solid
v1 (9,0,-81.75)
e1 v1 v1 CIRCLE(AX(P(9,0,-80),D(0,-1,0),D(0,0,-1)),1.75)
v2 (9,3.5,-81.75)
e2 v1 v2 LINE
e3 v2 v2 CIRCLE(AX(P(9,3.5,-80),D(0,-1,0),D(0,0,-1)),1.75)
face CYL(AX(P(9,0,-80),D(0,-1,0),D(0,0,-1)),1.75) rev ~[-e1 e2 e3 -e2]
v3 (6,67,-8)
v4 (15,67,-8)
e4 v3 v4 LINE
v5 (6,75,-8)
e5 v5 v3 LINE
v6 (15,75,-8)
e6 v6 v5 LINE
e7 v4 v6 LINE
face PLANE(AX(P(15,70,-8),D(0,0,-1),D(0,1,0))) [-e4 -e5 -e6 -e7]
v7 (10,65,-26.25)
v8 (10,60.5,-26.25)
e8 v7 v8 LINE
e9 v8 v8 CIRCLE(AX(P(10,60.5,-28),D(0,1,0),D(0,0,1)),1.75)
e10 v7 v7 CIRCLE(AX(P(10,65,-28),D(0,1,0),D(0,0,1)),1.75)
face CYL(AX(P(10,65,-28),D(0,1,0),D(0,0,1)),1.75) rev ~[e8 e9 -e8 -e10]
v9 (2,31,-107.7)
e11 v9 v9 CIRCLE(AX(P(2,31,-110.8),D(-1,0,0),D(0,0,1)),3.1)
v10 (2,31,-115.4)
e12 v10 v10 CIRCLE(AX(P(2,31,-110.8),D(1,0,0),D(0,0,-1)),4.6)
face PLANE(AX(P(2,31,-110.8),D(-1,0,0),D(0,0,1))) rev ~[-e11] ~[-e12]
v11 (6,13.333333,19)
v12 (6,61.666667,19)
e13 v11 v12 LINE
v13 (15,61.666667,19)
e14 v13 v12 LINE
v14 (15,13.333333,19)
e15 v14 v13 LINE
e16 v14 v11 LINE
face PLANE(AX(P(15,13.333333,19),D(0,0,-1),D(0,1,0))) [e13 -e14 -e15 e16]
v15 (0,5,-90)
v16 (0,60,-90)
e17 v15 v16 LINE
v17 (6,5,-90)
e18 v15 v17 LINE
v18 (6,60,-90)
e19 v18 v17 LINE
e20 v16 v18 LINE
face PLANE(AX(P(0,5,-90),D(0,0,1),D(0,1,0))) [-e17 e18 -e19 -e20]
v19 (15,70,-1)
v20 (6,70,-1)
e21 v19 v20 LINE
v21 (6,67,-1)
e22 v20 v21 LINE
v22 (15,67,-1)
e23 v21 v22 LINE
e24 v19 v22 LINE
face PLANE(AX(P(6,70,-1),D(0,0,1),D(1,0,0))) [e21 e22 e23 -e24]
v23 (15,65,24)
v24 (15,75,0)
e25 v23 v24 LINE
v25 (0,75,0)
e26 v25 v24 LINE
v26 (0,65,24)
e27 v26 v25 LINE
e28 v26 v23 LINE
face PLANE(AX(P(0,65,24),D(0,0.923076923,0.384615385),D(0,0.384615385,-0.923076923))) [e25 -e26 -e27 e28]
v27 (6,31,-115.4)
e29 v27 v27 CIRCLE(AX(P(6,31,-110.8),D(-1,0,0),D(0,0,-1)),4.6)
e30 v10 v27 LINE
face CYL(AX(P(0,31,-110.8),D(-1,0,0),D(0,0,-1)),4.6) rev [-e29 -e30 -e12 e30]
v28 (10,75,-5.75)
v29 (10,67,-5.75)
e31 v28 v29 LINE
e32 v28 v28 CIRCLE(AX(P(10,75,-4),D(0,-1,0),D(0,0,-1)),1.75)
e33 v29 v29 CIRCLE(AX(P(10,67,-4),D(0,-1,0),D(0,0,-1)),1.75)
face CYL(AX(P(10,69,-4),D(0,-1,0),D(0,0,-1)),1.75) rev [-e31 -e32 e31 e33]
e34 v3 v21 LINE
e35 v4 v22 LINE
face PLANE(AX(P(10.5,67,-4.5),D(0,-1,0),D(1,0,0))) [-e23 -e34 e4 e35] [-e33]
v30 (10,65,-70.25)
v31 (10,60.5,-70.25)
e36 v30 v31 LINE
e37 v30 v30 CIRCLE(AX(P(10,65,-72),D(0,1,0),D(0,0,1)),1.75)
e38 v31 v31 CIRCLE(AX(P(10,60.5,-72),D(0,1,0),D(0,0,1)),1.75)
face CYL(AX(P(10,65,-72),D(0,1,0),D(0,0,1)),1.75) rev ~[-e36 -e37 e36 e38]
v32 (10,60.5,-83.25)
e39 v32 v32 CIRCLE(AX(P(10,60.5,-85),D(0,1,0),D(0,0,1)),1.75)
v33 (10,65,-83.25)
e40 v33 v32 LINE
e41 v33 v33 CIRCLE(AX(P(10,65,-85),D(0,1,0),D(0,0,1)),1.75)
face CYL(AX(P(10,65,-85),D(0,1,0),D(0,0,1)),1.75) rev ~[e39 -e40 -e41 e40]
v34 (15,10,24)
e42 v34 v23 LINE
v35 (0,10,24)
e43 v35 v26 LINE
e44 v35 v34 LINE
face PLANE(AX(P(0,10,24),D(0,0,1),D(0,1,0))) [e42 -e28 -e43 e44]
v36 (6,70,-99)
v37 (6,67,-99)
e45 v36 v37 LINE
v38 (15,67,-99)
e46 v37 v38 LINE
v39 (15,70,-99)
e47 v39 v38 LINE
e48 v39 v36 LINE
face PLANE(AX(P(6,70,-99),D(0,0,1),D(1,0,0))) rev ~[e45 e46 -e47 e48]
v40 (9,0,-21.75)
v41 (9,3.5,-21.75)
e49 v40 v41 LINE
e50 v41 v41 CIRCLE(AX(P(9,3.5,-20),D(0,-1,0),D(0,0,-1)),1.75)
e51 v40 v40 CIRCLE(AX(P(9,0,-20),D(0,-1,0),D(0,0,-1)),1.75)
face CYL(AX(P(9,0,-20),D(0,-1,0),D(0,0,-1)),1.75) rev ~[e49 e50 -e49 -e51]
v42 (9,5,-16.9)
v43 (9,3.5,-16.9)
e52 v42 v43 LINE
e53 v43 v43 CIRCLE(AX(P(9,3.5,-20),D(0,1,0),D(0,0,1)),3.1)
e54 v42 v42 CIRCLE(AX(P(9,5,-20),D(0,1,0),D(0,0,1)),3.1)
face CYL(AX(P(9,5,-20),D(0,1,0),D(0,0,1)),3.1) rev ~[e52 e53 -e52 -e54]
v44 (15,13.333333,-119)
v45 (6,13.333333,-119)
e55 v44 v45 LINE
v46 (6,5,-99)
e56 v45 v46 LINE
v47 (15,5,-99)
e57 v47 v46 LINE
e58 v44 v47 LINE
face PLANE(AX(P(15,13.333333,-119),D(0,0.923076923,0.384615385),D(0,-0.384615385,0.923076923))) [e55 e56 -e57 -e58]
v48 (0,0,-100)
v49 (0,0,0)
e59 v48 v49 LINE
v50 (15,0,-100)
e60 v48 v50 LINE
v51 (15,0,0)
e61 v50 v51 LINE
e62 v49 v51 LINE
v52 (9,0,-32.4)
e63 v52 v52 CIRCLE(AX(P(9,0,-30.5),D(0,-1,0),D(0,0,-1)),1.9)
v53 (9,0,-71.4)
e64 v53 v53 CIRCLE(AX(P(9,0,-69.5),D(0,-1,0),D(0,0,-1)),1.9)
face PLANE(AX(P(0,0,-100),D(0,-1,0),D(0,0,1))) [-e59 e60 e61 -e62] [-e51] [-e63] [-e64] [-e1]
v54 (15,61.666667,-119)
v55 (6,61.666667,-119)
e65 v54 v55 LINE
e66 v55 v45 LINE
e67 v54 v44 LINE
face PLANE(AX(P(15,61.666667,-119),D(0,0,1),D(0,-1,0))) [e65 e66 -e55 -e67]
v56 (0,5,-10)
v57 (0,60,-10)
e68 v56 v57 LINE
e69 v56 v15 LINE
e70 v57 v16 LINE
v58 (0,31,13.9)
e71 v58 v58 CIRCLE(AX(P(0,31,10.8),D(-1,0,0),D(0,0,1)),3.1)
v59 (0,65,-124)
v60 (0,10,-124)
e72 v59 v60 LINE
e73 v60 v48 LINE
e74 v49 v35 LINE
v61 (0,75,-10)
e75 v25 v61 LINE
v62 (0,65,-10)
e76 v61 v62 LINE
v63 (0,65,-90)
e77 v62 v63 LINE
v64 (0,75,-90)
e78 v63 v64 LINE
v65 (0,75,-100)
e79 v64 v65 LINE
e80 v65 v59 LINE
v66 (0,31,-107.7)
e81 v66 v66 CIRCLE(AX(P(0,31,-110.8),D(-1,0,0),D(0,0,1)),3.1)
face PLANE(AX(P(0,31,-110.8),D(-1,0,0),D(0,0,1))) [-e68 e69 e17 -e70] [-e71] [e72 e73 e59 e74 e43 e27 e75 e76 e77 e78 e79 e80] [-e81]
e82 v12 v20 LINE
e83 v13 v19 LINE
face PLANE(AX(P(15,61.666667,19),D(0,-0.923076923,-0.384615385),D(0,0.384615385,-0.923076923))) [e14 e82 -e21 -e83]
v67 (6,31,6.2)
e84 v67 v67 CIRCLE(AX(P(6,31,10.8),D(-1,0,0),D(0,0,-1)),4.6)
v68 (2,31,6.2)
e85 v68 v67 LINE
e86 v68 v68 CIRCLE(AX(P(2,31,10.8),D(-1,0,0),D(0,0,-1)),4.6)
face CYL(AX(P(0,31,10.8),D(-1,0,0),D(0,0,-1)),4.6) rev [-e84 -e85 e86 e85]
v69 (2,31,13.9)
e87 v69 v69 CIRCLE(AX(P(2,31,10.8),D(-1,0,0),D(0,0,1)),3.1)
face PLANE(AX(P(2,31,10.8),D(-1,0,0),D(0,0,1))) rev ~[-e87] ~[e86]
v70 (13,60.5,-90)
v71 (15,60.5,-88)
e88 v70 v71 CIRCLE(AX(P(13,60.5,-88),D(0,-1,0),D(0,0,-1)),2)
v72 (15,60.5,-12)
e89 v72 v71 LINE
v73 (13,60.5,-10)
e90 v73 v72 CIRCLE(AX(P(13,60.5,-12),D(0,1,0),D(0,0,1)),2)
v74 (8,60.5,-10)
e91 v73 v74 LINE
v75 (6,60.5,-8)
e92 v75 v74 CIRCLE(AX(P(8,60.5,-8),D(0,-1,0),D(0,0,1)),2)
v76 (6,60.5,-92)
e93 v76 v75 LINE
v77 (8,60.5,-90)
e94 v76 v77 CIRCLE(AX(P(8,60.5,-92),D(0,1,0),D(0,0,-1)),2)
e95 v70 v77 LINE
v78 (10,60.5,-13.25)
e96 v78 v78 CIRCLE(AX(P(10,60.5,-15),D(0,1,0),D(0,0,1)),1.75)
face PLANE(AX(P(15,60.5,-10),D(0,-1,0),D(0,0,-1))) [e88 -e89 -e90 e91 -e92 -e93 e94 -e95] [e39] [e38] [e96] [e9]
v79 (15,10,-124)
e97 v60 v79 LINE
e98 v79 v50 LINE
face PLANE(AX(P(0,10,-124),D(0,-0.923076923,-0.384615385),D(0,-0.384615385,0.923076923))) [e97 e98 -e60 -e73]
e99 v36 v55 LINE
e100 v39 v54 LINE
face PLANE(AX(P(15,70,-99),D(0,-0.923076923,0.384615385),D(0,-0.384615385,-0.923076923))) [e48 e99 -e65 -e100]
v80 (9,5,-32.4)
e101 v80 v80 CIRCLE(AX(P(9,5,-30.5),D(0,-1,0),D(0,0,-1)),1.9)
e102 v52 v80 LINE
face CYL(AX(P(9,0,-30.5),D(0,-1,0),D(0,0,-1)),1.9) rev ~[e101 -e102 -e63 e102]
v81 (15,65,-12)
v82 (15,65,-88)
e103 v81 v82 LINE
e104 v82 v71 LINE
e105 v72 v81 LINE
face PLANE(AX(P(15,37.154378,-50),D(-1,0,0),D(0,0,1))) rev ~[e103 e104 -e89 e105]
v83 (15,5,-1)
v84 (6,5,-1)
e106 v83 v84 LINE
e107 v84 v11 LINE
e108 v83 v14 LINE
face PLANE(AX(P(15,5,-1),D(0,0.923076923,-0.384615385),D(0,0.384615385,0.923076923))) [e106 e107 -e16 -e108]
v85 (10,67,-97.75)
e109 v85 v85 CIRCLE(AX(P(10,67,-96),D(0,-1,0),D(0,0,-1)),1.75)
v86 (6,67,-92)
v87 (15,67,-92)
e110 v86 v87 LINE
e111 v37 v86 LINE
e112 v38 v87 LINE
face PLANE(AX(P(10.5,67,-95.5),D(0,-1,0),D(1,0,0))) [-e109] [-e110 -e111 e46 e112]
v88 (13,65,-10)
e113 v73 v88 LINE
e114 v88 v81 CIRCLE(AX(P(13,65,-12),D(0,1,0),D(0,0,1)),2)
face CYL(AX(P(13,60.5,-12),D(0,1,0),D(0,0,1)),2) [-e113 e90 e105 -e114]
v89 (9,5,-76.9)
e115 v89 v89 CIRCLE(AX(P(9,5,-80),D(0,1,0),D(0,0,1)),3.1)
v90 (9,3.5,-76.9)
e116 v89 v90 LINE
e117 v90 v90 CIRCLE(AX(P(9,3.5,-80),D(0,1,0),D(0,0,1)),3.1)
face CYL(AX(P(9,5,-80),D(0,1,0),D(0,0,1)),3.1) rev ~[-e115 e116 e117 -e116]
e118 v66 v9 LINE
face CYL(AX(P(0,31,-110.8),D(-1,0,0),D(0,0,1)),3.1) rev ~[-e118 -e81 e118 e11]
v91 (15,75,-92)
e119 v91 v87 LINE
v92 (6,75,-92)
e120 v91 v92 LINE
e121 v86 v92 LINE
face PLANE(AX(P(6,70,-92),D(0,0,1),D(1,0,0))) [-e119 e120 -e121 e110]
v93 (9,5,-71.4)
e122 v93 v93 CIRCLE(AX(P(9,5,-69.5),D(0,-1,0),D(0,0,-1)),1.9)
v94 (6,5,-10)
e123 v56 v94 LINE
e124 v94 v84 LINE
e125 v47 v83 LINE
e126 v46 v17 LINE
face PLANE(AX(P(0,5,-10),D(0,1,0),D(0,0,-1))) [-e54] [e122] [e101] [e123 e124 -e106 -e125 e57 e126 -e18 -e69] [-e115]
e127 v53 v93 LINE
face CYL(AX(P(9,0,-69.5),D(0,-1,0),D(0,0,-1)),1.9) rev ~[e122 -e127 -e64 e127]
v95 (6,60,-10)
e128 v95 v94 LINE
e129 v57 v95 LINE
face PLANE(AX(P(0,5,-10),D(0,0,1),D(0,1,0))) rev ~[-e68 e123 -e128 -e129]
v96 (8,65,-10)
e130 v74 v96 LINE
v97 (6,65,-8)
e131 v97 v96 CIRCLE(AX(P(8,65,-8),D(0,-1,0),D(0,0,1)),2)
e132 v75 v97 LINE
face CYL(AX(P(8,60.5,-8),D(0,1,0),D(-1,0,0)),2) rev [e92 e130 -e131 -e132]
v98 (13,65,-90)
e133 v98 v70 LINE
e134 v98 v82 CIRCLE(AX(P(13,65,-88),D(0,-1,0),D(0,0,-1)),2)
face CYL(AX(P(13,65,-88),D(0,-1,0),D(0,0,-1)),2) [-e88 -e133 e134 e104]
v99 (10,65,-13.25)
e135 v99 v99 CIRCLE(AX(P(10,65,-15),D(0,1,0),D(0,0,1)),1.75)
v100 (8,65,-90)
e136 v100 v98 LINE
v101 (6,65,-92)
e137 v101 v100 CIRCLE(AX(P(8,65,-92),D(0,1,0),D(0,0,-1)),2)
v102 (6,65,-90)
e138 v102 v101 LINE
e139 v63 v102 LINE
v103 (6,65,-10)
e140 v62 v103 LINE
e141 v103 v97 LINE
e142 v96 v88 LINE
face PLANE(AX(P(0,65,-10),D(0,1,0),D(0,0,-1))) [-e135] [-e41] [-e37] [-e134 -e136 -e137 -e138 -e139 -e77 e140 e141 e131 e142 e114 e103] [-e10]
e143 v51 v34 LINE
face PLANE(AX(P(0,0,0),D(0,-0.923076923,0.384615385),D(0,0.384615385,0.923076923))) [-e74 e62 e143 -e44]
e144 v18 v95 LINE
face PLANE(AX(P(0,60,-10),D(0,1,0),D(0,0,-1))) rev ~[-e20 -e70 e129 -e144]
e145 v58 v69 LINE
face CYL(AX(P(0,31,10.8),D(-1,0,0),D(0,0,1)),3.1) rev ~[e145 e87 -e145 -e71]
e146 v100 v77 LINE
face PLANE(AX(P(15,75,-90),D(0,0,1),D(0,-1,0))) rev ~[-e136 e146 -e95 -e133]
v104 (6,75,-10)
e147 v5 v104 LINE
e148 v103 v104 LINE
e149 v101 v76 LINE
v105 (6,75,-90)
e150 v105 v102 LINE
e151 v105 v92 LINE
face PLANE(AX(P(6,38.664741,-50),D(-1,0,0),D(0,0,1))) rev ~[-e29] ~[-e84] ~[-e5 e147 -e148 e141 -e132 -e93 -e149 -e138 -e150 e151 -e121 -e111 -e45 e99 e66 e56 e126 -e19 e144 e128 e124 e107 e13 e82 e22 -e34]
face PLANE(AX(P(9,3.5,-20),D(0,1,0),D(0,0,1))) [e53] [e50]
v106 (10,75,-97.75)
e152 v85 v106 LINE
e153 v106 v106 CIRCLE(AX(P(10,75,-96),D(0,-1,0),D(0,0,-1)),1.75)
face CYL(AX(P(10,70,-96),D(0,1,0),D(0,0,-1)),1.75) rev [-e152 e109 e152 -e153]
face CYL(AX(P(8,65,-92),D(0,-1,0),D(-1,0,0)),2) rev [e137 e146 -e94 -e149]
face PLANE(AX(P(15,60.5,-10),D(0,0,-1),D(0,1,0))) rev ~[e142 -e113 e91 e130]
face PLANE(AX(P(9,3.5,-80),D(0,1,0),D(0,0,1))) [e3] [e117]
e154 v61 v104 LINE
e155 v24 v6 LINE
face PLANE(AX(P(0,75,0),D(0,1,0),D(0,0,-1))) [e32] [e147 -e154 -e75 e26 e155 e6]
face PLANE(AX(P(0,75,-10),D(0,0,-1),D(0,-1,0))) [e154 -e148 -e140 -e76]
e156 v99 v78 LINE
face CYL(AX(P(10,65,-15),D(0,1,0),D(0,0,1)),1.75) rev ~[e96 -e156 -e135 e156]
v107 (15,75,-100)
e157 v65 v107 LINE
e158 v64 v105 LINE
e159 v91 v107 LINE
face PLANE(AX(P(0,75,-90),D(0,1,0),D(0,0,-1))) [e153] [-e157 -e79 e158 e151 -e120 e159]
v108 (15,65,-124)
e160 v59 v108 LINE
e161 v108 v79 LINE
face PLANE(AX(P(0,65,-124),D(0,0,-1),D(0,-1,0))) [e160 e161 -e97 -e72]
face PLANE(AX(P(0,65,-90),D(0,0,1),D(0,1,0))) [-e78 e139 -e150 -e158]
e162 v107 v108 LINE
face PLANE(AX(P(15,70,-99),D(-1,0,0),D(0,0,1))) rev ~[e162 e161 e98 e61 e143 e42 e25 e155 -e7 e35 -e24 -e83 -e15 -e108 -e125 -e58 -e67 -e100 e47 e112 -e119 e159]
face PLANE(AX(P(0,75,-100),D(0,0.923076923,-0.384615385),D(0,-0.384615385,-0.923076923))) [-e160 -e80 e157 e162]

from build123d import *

# Parameters (mm, degrees)
SKETCH13_R              = 4.6
SKETCH13_W              = 80
SKETCH13_H              = 55
BOSS_EXTRUDE4_DEPTH     = 15
CUT_EXTRUDE1_DEPTH      = 9
CUT_EXTRUDE2_DEPTH      = 146.691454794
CUT_EXTRUDE2_DEPTH_BACK = 6
SKETCH16_R              = 1.75
FILLET1_R               = 2
SKETCH17_R              = 1.75
CUT_EXTRUDE3_DEPTH      = 10
SKETCH18_R              = 1.75
SKETCH18_R_2            = 1.9
CUT_EXTRUDE4_DEPTH      = 10
SKETCH21_R              = 4.6
SKETCH21_R_2            = 3.1
BOSS_EXTRUDE7_DEPTH     = 2
SKETCH22_R              = 3.1
CUT_EXTRUDE5_DEPTH      = 1.5
SKETCH23_W              = 9
SKETCH23_H              = 7
SKETCH23_R              = 1.75
BOSS_EXTRUDE8_DEPTH     = 3


with BuildPart() as part:
    # Sketch13 → Boss-Extrude4 (new body)
    with BuildSketch(Plane(origin=(0, 0, 0), x_dir=(0, 0, -1), z_dir=(1, 0, 0))):
        Polygon((0, 0), (-24, 10), (-24, 65), (0, 75), (10, 75), (10, 65), (90, 65), (90, 75), (100, 75), (124, 65), (124, 10), (100, 0), align=None)
        with Locations((-10.8, 31)):
            Circle(SKETCH13_R, mode=Mode.SUBTRACT)
        with Locations((110.8, 31)):
            Circle(SKETCH13_R, mode=Mode.SUBTRACT)
        with Locations((50, 32.5)):
            Rectangle(SKETCH13_W, SKETCH13_H, mode=Mode.SUBTRACT)
    extrude(amount=BOSS_EXTRUDE4_DEPTH)

    # Sketch14 → Cut-Extrude1 (cut)
    with BuildSketch(Plane(origin=(15, 0, 0), x_dir=(0, 0, -1), z_dir=(1, 0, 0))):
        Polygon((10, 70.5), (10, 60.5), (90, 60.5), (90, 70.5), (90, 75), (92, 75), (92, 70), (99, 70), (119, 61.666666667), (119, 13.333333333), (99, 5), (1, 5), (-19, 13.333333333), (-19, 61.666666667), (1, 70), (8, 70), (8, 75), (10, 75), align=None)
    extrude(amount=-CUT_EXTRUDE1_DEPTH, mode=Mode.SUBTRACT)

    # Sketch16 → Cut-Extrude2 (cut, two sides: drawn at the far end of the back side and taken through both)
    with BuildSketch(Plane(origin=(0, 75, 0), x_dir=(1, 0, 0), z_dir=(0, 1, 0)).offset(-CUT_EXTRUDE2_DEPTH_BACK)):
        with Locations(Location((10, 4, 0), (0, 0, 90))):
            Circle(SKETCH16_R)
        with Locations(Location((10, 96, 0), (0, 0, 90))):
            Circle(SKETCH16_R)
    extrude(amount=CUT_EXTRUDE2_DEPTH + CUT_EXTRUDE2_DEPTH_BACK, mode=Mode.SUBTRACT)

    # Fillet1
    fillet1_edges = [part.edges().sort_by_distance(p)[0] for p in [
        (6, 62.75, -90),
        (6, 62.75, -10),
        (15, 62.75, -90),
        (15, 62.75, -10),
    ]]
    fillet(fillet1_edges, radius=FILLET1_R)

    # Sketch17 → Cut-Extrude3 (cut)
    with BuildSketch(Plane(origin=(0, 65, 0), x_dir=(1, 0, 0), z_dir=(0, 1, 0))):
        with Locations(Location((10, 15, 0), (0, 0, 270))):
            Circle(SKETCH17_R)
        with Locations(Location((10, 85, 0), (0, 0, 270))):
            Circle(SKETCH17_R)
        with Locations(Location((10, 72, 0), (0, 0, 270))):
            Circle(SKETCH17_R)
        with Locations(Location((10, 28, 0), (0, 0, 270))):
            Circle(SKETCH17_R)
    extrude(amount=-CUT_EXTRUDE3_DEPTH, mode=Mode.SUBTRACT)

    # Sketch18 → Cut-Extrude4 (cut)
    with BuildSketch(Plane.XZ):
        with Locations(Location((9, -20, 0), (0, 0, 270))):
            Circle(SKETCH18_R)
        with Locations(Location((9, -80, 0), (0, 0, 270))):
            Circle(SKETCH18_R)
        with Locations(Location((9, -30.5, 0), (0, 0, 270))):
            Circle(SKETCH18_R_2)
        with Locations(Location((9, -69.5, 0), (0, 0, 270))):
            Circle(SKETCH18_R_2)
    extrude(amount=-CUT_EXTRUDE4_DEPTH, mode=Mode.SUBTRACT)

    # Sketch21 → Boss-Extrude7 (add)
    # profile 1 of 2: a face of its own
    with BuildSketch(Plane.ZY):
        with Locations((-110.8, 31)):
            Circle(SKETCH21_R)
        with Locations((-110.8, 31)):
            Circle(SKETCH21_R_2, mode=Mode.SUBTRACT)
    # profile 2 of 2: a face of its own
    with BuildSketch(Plane.ZY):
        with Locations((10.8, 31)):
            Circle(SKETCH21_R)
        with Locations((10.8, 31)):
            Circle(SKETCH21_R_2, mode=Mode.SUBTRACT)
    extrude(amount=-BOSS_EXTRUDE7_DEPTH)

    # Sketch22 → Cut-Extrude5 (cut)
    with BuildSketch(Plane(origin=(0, 5, 0), x_dir=(1, 0, 0), z_dir=(0, 1, 0))):
        with Locations(Location((9, 20, 0), (0, 0, 270))):
            Circle(SKETCH22_R)
        with Locations(Location((9, 80, 0), (0, 0, 270))):
            Circle(SKETCH22_R)
    extrude(amount=-CUT_EXTRUDE5_DEPTH, mode=Mode.SUBTRACT)

    # Sketch23 → Boss-Extrude8 (add)
    # profile 1 of 2: a face of its own
    with BuildSketch(Plane.XZ.offset(-70)):
        with Locations((10.5, -95.5)):
            Rectangle(SKETCH23_W, SKETCH23_H)
        with Locations(Location((10, -96, 0), (0, 0, 270))):
            Circle(SKETCH23_R, mode=Mode.SUBTRACT)
    # profile 2 of 2: a face of its own
    with BuildSketch(Plane.XZ.offset(-70)):
        with Locations((10.5, -4.5)):
            Rectangle(SKETCH23_W, SKETCH23_H)
        with Locations(Location((10, -4, 0), (0, 0, 270))):
            Circle(SKETCH23_R, mode=Mode.SUBTRACT)
    extrude(amount=BOSS_EXTRUDE8_DEPTH)


solid = part.part
